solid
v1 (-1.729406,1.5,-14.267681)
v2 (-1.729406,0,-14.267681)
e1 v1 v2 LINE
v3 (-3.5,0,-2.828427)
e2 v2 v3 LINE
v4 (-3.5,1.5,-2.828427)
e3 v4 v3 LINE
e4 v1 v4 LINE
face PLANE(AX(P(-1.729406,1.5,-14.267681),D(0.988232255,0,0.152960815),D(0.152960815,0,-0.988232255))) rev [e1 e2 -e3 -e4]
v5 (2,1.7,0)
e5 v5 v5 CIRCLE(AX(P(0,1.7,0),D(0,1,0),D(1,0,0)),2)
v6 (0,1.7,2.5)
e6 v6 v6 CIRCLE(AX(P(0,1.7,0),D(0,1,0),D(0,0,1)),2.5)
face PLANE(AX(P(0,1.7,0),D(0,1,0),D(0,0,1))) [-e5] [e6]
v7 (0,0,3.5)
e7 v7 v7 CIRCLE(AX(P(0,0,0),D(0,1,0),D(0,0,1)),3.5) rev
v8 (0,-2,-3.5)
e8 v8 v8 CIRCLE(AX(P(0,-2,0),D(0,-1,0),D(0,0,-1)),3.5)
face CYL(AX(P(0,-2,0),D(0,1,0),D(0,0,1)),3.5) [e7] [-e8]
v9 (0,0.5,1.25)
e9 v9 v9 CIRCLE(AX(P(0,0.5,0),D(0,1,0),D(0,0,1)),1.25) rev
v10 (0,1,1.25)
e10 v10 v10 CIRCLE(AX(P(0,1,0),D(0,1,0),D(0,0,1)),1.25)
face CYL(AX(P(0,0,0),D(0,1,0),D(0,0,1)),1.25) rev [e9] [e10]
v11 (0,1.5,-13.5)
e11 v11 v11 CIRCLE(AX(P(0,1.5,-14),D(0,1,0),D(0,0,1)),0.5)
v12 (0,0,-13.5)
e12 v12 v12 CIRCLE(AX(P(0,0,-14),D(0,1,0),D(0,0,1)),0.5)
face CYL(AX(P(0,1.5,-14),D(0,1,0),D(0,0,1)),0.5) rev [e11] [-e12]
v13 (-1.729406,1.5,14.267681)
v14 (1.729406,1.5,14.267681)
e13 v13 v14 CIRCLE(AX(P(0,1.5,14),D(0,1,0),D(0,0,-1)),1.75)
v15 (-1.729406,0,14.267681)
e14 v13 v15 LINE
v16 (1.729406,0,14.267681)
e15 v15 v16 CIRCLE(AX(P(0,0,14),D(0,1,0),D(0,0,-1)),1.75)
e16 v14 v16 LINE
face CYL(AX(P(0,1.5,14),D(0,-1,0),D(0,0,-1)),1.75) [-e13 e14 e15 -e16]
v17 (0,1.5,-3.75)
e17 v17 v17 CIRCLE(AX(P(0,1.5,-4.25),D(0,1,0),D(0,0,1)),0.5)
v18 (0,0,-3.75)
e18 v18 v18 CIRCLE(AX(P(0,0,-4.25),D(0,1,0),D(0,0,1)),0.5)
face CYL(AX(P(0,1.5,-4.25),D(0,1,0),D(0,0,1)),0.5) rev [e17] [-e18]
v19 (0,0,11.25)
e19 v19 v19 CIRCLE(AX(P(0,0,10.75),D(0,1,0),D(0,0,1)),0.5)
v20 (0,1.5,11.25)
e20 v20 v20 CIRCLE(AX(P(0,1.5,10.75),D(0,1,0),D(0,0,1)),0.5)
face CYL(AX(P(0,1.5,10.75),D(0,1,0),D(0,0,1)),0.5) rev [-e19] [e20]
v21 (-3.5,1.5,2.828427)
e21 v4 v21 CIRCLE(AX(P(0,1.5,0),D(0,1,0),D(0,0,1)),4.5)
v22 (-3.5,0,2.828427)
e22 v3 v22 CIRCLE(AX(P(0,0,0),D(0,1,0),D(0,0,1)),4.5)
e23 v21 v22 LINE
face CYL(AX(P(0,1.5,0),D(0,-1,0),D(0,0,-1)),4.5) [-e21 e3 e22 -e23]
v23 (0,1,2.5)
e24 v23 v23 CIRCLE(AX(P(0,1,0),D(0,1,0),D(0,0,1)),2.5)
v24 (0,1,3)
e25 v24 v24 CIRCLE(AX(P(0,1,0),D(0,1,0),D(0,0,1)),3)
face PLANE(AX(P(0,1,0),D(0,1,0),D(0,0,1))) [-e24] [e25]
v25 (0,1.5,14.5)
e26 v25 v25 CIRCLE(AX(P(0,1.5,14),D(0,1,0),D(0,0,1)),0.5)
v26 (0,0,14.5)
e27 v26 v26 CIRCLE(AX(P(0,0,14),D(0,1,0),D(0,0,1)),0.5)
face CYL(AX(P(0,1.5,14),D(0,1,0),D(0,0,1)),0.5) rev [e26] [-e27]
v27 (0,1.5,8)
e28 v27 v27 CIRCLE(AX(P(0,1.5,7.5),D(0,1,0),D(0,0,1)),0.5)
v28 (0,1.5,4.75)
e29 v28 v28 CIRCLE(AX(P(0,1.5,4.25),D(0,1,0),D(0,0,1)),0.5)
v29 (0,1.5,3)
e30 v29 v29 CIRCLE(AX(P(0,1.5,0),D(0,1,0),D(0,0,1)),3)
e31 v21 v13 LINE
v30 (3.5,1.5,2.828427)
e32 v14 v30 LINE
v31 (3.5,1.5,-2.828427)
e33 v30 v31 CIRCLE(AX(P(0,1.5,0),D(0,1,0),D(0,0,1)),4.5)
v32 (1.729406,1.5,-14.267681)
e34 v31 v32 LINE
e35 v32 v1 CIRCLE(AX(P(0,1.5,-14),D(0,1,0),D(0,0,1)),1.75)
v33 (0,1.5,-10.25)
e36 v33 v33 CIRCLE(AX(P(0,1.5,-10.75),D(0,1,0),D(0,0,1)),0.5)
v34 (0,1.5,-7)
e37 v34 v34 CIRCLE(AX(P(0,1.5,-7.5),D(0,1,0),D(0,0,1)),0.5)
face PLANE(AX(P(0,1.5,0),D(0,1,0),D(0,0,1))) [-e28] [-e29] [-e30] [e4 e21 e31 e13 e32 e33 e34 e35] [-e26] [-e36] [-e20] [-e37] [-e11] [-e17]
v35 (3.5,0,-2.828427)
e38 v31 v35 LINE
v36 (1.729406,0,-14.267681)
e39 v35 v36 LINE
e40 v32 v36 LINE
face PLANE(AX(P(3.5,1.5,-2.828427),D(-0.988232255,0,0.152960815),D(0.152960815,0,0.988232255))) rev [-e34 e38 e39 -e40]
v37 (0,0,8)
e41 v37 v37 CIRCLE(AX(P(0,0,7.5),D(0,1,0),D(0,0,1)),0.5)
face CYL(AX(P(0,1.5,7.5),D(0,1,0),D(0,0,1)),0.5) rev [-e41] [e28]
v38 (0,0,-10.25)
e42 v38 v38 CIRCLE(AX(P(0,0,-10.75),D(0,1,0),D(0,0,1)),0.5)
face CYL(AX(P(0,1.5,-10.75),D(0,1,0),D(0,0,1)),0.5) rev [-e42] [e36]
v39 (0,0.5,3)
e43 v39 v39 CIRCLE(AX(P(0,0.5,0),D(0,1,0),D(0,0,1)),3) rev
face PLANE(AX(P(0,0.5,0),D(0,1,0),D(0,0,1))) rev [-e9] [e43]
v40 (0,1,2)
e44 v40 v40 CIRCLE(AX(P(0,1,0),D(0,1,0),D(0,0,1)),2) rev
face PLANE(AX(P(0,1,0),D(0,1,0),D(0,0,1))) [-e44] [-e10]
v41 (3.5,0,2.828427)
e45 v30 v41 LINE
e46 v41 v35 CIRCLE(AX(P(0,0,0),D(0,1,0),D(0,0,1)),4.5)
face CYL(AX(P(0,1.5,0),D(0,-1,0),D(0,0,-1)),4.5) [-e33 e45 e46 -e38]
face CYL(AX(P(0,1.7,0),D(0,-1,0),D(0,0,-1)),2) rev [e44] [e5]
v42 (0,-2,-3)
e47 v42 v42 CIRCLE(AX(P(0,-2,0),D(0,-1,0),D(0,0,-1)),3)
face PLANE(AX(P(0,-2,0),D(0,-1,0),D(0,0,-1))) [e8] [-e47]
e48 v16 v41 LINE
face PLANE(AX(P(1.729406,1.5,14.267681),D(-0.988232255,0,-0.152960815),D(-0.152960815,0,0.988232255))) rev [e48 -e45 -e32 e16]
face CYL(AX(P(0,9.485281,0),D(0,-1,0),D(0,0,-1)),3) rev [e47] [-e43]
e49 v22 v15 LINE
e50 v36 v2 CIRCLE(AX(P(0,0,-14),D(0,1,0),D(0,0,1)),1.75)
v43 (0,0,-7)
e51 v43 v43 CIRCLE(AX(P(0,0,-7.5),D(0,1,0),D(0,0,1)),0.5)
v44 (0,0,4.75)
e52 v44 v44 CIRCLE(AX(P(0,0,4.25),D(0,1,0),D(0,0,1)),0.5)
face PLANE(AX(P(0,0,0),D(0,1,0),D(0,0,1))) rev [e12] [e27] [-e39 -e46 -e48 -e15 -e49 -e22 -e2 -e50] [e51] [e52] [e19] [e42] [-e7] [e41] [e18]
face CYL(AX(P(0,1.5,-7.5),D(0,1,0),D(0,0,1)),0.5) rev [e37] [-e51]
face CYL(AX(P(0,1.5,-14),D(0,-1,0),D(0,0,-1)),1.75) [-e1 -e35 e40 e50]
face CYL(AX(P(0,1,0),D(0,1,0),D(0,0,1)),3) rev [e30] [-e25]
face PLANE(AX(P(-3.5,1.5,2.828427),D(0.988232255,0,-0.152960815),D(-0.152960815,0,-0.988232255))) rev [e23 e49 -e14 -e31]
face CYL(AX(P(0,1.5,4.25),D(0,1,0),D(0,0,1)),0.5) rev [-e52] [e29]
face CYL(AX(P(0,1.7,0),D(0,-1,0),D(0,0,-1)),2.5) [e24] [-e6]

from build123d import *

# Parameters (mm, degrees)
SKETCH1_R                         = 4.5
BOSS_EXTRUDE1_DEPTH               = 1.5
BOSS_EXTRUDE2_DEPTH               = 1.5
F_1_0_1_DIAMETER_HOLE1_AT_2_COUNT = 2
F_1_0_1_DIAMETER_HOLE1_AT_2_PITCH = 3.25
F_1_0_1_DIAMETER_HOLE1_AT_3_COUNT = 2
F_1_0_1_DIAMETER_HOLE1_AT_3_PITCH = 6.5
F_1_0_1_DIAMETER_HOLE1_AT_4_COUNT = 2
F_1_0_1_DIAMETER_HOLE1_AT_4_PITCH = 9.75
CIRPATTERN1_COUNT                 = 2
SKETCH6_R                         = 3
CUT_EXTRUDE1_DEPTH                = 0.5
SKETCH7_R                         = 2.5
SKETCH7_R_2                       = 2
EXTRUDE_THIN1_DEPTH               = 0.7
SKETCH8_R                         = 1.25
CUT_EXTRUDE2_DEPTH                = 17.410743432
SKETCH9_R                         = 3.5
BOSS_EXTRUDE3_DEPTH               = 2
CUT_EXTRUDE3_START                = -2.5
SKETCH10_R                        = 3
CUT_EXTRUDE3_DEPTH                = 2.5


with BuildPart() as part:
    # Sketch1 → Boss-Extrude1 (new body)
    with BuildSketch(Plane(origin=(0, 0, 0), x_dir=(1, 0, 0), z_dir=(0, 1, 0))):
        with Locations(Location((0, 0, 0), (0, 0, 270))):
            Circle(SKETCH1_R)
    extrude(amount=BOSS_EXTRUDE1_DEPTH)

    # Sketch2 → Boss-Extrude2 (add)
    with BuildSketch(Plane(origin=(0, 0, 0), x_dir=(1, 0, 0), z_dir=(0, 1, 0))):
        with BuildLine():
            Line((3.5, 2.828427125), (1.729406446, 14.267681426))
            ThreePointArc((1.729406446, 14.267681426), (0, 15.75), (-1.729406446, 14.267681426))
            Line((-1.729406446, 14.267681426), (-3.5, 2.828427125))
            Line((-3.5, 2.828427125), (3.5, 2.828427125))
        make_face()
    boss_extrude2 = extrude(amount=BOSS_EXTRUDE2_DEPTH)

    # Sketch5 → Ø1.0 (1) Diameter Hole1 (revolve, cut)
    with BuildSketch(Plane(origin=(0, 1.5, -14), x_dir=(0, 0, 1), z_dir=(1, 0, 0))):
        Polygon((0, 0), (0, 7.80043031), (0.5, 7.5), (0.5, 0), align=None)
    f_1_0_1_diameter_hole1 = revolve(axis=Axis((0, 7.85, -14), (0, -1, 0)), mode=Mode.SUBTRACT)

    # Ø1.0 (1) Diameter Hole1 at 2: Ø1.0 (1) Diameter Hole1 ×2
    with Locations(*[(0, 0, i * F_1_0_1_DIAMETER_HOLE1_AT_2_PITCH) for i in range(1, F_1_0_1_DIAMETER_HOLE1_AT_2_COUNT)]):
        add(f_1_0_1_diameter_hole1, mode=Mode.SUBTRACT)

    # Ø1.0 (1) Diameter Hole1 at 3: Ø1.0 (1) Diameter Hole1 ×2
    with Locations(*[(0, 0, i * F_1_0_1_DIAMETER_HOLE1_AT_3_PITCH) for i in range(1, F_1_0_1_DIAMETER_HOLE1_AT_3_COUNT)]):
        add(f_1_0_1_diameter_hole1, mode=Mode.SUBTRACT)

    # Ø1.0 (1) Diameter Hole1 at 4: Ø1.0 (1) Diameter Hole1 ×2
    with Locations(*[(0, 0, i * F_1_0_1_DIAMETER_HOLE1_AT_4_PITCH) for i in range(1, F_1_0_1_DIAMETER_HOLE1_AT_4_COUNT)]):
        add(f_1_0_1_diameter_hole1, mode=Mode.SUBTRACT)

    # CirPattern1: Boss-Extrude2, Ø1.0 (1) Diameter Hole1 ×2 about axis
    cirpattern1_axis = Axis((0, 0, 0), (0, 1, 0))
    add([boss_extrude2.rotate(cirpattern1_axis, i * 360 / CIRPATTERN1_COUNT) for i in range(1, CIRPATTERN1_COUNT)])
    add([f_1_0_1_diameter_hole1.rotate(cirpattern1_axis, i * 360 / CIRPATTERN1_COUNT) for i in range(1, CIRPATTERN1_COUNT)], mode=Mode.SUBTRACT)

    # CirPattern1 copy 1 sketch → CirPattern1 copy 1 (revolve, cut)
    with BuildSketch(Plane(origin=(0, 1.5, 10.75), x_dir=(0, 0, -1), z_dir=(-1, 0, 0))):
        Polygon((0, 0), (0, 7.80043031), (0.5, 7.5), (0.5, 0), align=None)
    revolve(axis=Axis((0, 7.85, 10.75), (0, -1, 0)), mode=Mode.SUBTRACT)

    # CirPattern1 copy 2 sketch → CirPattern1 copy 2 (revolve, cut)
    with BuildSketch(Plane(origin=(0, 1.5, 7.5), x_dir=(0, 0, -1), z_dir=(-1, 0, 0))):
        Polygon((0, 0), (0, 7.80043031), (0.5, 7.5), (0.5, 0), align=None)
    revolve(axis=Axis((0, 7.85, 7.5), (0, -1, 0)), mode=Mode.SUBTRACT)

    # CirPattern1 copy 3 sketch → CirPattern1 copy 3 (revolve, cut)
    with BuildSketch(Plane(origin=(0, 1.5, 4.25), x_dir=(0, 0, -1), z_dir=(-1, 0, 0))):
        Polygon((0, 0), (0, 7.80043031), (0.5, 7.5), (0.5, 0), align=None)
    revolve(axis=Axis((0, 7.85, 4.25), (0, -1, 0)), mode=Mode.SUBTRACT)

    # Sketch6 → Cut-Extrude1 (cut)
    with BuildSketch(Plane(origin=(0, 1.5, 0), x_dir=(1, 0, 0), z_dir=(0, 1, 0))):
        with Locations(Location((0, 0, 0), (0, 0, 270))):
            Circle(SKETCH6_R)
    extrude(amount=-CUT_EXTRUDE1_DEPTH, mode=Mode.SUBTRACT)

    # Sketch7 → Extrude-Thin1 (add)
    with BuildSketch(Plane(origin=(0, 1, 0), x_dir=(1, 0, 0), z_dir=(0, 1, 0))):
        Circle(SKETCH7_R)
        Circle(SKETCH7_R_2, mode=Mode.SUBTRACT)
    extrude(amount=EXTRUDE_THIN1_DEPTH)

    # Sketch8 → Cut-Extrude2 (cut, through all)
    with BuildSketch(Plane(origin=(0, 1, 0), x_dir=(1, 0, 0), z_dir=(0, 1, 0))):
        with Locations(Location((0, 0, 0), (0, 0, 270))):
            Circle(SKETCH8_R)
    extrude(amount=-CUT_EXTRUDE2_DEPTH, mode=Mode.SUBTRACT)

    # Sketch9 → Boss-Extrude3 (add)
    with BuildSketch(Plane.XZ):
        with Locations(Location((0, 0, 0), (0, 0, 90))):
            Circle(SKETCH9_R)
    extrude(amount=BOSS_EXTRUDE3_DEPTH)

    # Sketch10 → Cut-Extrude3 (cut)
    with BuildSketch(Plane.XZ.offset(2).offset(CUT_EXTRUDE3_START)):
        with Locations(Location((0, 0, 0), (0, 0, 90))):
            Circle(SKETCH10_R)
    extrude(amount=CUT_EXTRUDE3_DEPTH, mode=Mode.SUBTRACT)


solid = part.part
